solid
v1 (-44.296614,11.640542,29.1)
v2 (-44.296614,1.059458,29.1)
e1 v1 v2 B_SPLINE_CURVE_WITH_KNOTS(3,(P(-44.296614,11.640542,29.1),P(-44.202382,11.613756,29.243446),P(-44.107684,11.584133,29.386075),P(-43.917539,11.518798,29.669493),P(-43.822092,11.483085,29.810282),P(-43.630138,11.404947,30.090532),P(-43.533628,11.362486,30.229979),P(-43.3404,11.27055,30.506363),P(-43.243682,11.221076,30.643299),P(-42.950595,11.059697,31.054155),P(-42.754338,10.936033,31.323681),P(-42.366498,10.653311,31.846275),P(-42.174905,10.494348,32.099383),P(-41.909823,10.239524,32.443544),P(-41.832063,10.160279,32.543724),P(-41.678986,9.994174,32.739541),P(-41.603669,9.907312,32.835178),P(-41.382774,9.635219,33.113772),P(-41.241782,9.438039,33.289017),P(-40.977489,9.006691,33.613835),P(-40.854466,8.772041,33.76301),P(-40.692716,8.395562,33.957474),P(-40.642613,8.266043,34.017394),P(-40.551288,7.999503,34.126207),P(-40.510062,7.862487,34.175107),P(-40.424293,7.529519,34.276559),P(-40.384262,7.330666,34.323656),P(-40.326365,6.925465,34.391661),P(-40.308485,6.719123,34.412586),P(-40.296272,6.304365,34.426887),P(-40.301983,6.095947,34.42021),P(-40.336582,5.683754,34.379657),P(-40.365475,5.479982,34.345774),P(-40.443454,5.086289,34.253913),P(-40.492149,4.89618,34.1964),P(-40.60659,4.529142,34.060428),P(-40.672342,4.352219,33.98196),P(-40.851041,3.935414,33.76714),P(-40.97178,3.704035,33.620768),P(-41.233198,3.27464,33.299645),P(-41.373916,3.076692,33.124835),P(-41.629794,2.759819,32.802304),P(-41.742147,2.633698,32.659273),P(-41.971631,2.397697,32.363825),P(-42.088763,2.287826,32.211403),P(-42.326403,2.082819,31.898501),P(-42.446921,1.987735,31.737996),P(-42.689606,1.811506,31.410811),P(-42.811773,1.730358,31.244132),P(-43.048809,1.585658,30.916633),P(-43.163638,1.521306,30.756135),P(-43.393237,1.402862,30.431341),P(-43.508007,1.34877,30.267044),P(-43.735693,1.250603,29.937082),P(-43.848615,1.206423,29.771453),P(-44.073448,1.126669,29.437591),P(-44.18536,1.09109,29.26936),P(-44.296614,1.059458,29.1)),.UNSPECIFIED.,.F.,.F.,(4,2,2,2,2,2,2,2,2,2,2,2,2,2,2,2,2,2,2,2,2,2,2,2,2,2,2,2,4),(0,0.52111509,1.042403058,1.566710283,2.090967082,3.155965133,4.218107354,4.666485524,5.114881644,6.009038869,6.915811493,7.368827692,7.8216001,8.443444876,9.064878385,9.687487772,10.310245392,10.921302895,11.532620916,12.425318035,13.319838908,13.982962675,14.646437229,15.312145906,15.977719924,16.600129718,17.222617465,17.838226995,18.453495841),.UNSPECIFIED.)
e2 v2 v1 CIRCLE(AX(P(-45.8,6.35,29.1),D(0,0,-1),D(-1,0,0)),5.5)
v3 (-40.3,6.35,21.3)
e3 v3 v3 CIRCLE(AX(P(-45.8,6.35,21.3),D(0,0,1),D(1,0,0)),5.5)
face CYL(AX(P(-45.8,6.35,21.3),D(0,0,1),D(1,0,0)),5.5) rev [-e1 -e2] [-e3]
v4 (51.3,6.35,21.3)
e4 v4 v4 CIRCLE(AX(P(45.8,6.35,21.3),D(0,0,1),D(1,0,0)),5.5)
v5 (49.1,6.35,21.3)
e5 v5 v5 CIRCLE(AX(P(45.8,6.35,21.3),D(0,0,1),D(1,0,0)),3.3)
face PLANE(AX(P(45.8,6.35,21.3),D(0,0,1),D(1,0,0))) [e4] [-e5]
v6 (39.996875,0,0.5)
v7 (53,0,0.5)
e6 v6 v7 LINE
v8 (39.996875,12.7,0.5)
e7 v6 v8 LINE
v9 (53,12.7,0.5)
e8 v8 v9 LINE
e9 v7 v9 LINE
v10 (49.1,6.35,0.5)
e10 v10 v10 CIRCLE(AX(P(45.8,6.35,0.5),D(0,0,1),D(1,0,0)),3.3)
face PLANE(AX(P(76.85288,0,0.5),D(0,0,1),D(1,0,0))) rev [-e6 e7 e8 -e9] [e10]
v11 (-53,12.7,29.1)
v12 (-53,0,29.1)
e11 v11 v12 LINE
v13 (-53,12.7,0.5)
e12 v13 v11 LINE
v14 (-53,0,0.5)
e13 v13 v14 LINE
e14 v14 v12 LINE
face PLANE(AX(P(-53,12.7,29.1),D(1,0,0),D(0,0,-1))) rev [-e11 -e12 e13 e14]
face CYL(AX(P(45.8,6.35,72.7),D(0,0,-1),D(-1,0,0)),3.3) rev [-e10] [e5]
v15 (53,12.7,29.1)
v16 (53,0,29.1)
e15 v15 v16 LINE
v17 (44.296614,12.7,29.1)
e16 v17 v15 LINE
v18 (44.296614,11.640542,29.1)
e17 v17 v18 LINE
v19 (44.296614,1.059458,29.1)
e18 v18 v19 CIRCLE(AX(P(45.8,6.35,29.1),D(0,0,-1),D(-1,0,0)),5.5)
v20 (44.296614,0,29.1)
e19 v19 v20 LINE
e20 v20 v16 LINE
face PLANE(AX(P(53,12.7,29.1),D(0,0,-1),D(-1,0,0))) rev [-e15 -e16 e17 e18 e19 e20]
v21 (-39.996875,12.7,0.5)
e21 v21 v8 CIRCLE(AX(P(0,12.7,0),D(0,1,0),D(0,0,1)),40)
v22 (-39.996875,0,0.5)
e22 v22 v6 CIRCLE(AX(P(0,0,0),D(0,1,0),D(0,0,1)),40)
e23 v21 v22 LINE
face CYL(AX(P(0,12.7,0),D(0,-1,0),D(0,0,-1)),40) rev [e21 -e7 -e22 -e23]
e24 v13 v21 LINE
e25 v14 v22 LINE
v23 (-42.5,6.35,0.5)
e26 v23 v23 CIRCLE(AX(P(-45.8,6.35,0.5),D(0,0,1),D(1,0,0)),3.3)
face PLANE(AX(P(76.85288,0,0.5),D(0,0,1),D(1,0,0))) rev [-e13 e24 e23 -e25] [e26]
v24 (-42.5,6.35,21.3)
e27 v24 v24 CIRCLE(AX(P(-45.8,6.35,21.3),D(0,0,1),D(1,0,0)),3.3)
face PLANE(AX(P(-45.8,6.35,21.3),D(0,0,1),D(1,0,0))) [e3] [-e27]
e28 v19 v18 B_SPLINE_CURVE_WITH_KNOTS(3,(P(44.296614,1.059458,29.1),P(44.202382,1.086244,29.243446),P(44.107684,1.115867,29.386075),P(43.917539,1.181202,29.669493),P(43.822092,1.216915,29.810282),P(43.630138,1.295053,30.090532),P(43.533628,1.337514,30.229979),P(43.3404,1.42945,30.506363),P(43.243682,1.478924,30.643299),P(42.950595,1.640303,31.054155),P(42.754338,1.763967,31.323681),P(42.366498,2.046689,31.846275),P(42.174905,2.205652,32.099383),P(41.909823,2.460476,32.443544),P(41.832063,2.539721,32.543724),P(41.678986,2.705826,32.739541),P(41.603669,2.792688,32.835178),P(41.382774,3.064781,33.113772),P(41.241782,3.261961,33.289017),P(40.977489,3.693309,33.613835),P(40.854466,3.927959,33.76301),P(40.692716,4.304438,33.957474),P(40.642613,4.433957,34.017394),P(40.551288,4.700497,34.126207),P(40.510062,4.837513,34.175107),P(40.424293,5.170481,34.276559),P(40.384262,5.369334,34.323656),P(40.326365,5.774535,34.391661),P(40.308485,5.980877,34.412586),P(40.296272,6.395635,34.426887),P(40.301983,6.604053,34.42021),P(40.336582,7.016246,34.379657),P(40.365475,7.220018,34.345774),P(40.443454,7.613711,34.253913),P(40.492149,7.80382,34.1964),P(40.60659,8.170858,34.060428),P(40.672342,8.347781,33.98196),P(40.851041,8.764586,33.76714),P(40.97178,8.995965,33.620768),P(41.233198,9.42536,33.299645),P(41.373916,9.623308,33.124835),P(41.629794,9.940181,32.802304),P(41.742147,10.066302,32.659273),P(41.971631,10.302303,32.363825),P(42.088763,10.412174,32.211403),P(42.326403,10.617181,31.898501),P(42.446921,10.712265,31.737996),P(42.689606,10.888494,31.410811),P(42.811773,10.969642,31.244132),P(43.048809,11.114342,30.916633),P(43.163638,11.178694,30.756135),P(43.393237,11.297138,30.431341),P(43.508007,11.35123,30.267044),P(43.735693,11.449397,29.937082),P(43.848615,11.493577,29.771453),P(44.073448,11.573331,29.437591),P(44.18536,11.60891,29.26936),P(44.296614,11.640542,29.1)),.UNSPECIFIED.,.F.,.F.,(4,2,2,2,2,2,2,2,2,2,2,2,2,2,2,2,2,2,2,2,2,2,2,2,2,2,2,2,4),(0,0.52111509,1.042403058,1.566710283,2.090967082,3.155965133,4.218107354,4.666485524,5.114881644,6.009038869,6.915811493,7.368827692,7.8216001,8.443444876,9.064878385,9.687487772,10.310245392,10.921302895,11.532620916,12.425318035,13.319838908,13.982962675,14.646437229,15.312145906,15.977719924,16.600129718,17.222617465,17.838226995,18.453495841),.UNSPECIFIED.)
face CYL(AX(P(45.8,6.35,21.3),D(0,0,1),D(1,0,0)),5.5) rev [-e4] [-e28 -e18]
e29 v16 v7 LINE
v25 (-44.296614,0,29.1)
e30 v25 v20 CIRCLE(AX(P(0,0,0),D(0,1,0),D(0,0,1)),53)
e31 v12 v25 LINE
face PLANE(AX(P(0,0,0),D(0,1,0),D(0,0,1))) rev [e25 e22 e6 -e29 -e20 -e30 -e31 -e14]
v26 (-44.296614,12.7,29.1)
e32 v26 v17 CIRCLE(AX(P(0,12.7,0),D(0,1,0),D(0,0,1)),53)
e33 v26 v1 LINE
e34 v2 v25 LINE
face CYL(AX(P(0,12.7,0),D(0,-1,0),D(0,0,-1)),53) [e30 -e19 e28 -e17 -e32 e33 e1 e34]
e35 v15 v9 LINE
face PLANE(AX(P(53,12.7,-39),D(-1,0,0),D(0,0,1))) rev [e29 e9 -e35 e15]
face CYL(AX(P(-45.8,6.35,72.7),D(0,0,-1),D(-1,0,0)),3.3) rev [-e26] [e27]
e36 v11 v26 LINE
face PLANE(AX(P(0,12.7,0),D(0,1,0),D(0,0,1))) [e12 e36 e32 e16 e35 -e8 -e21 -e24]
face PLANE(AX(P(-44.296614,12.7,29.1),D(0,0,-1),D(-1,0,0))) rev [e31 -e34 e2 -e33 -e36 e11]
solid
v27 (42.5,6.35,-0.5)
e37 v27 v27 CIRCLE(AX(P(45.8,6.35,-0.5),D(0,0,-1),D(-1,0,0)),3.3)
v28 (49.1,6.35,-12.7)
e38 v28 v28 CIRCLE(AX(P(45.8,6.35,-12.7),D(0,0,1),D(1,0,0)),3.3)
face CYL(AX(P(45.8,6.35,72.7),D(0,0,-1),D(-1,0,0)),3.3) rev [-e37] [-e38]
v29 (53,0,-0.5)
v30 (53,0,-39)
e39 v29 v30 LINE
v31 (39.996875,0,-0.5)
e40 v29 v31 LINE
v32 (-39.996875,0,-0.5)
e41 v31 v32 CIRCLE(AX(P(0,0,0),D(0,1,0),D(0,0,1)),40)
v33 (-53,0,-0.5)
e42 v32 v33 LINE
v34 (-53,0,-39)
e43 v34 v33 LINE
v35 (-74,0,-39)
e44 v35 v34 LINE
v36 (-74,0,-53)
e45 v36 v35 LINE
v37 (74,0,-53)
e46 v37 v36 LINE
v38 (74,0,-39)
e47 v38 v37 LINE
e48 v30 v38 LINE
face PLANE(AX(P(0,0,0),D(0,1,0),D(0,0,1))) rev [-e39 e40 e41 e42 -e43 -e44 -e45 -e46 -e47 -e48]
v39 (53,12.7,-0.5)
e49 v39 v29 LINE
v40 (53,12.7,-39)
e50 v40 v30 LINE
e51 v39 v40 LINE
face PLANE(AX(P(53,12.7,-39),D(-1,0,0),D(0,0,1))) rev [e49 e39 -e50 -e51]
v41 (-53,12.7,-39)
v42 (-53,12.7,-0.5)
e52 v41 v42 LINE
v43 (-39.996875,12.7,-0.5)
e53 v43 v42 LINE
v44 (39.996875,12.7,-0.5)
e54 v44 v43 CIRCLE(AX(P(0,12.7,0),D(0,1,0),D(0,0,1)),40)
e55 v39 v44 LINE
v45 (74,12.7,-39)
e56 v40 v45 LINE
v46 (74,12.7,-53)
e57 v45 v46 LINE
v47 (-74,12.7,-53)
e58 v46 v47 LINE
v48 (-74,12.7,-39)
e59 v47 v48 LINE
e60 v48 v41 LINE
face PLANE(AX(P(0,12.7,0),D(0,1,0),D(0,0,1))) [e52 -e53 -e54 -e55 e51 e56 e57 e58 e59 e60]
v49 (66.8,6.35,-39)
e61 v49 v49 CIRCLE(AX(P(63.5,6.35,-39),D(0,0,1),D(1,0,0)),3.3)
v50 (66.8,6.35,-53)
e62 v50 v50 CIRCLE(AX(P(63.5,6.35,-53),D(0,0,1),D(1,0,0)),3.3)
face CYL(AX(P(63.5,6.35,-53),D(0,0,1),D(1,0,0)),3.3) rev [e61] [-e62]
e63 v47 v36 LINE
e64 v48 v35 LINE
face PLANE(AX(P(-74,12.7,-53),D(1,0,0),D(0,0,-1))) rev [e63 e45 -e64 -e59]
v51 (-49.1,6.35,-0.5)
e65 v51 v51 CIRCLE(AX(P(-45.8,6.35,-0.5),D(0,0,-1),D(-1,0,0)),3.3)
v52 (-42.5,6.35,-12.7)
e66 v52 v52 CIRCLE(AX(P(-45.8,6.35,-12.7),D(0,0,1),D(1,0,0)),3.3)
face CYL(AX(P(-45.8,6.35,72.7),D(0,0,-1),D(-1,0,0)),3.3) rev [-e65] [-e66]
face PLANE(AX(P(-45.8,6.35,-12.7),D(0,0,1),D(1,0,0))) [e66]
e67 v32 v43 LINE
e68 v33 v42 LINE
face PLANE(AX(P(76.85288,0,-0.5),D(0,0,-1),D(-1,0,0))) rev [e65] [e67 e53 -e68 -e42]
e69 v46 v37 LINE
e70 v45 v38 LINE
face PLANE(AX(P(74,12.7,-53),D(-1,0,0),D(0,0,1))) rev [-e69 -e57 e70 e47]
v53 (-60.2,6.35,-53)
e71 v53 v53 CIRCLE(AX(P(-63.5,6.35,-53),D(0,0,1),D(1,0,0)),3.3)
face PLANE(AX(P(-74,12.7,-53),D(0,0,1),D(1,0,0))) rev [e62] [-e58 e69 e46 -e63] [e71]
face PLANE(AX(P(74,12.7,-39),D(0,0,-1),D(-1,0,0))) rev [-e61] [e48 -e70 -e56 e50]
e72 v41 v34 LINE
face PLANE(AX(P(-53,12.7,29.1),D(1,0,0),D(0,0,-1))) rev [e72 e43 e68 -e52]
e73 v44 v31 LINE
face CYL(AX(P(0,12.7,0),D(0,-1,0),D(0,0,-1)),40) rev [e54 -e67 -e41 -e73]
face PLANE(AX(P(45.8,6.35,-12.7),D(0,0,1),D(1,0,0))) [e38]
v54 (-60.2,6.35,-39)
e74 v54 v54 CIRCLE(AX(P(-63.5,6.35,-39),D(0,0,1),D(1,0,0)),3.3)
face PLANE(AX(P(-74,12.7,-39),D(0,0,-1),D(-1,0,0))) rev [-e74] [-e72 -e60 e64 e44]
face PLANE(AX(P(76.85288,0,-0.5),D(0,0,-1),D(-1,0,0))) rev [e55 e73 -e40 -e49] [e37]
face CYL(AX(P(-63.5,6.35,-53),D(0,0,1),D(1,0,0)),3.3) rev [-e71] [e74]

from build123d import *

# Parameters (mm, degrees)
SKETCH1_R               = 40
BOSS_EXTRUDE1_DEPTH     = 12.7
SKETCH3_R               = 3.3
CUT_EXTRUDE2_DEPTH      = 15
SKETCH4_R               = 3.3
CUT_EXTRUDE3_DEPTH      = 72.7
CUT_EXTRUDE3_DEPTH_BACK = 12.7
SKETCH2_W               = 153.705760516
SKETCH2_H               = 1
CUT_EXTRUDE1_DEPTH      = 1.0000001
CUT_EXTRUDE1_DEPTH_BACK = 13.7000001
CUT_EXTRUDE4_START      = 40
SKETCH5_R               = 5.5
CUT_EXTRUDE4_DEPTH      = 18.7


with BuildPart() as part:
    # Sketch1 → Boss-Extrude1 (new body)
    with BuildSketch(Plane(origin=(0, 0, 0), x_dir=(1, 0, 0), z_dir=(0, 1, 0))):
        with BuildLine():
            Line((-74, 53), (74, 53))
            Line((74, 53), (74, 39))
            Line((74, 39), (53, 39))
            Line((53, 39), (53, 0))
            Line((53, 0), (53, -29.1))
            Line((53, -29.1), (44.296613866, -29.1))
            ThreePointArc((44.296613866, -29.1), (0, -53), (-44.296613866, -29.1))
            Line((-44.296613866, -29.1), (-53, -29.1))
            Line((-53, -29.1), (-53, 0))
            Line((-53, 0), (-53, 39))
            Line((-53, 39), (-74, 39))
            Line((-74, 39), (-74, 53))
        make_face()
        Circle(SKETCH1_R, mode=Mode.SUBTRACT)
    extrude(amount=BOSS_EXTRUDE1_DEPTH)

    # Sketch3 → Cut-Extrude2 (cut, through all)
    with BuildSketch(Plane.XY.offset(-39)):
        with Locations((-63.5, 6.35)):
            Circle(SKETCH3_R)
        with Locations((63.5, 6.35)):
            Circle(SKETCH3_R)
    extrude(amount=-CUT_EXTRUDE2_DEPTH, mode=Mode.SUBTRACT)

    # Sketch4 → Cut-Extrude3 (cut, two sides)
    with BuildSketch(Plane.XY) as cut_extrude3_sk:
        with Locations((45.8, 6.35)):
            Circle(SKETCH4_R)
        with Locations((-45.8, 6.35)):
            Circle(SKETCH4_R)
    extrude(amount=CUT_EXTRUDE3_DEPTH, mode=Mode.SUBTRACT)
    extrude(cut_extrude3_sk.sketch, amount=-CUT_EXTRUDE3_DEPTH_BACK, mode=Mode.SUBTRACT)

    # Sketch2 → Cut-Extrude1 (cut, two sides)
    with BuildSketch(Plane(origin=(0, 12.7, 0), x_dir=(1, 0, 0), z_dir=(0, 1, 0))) as cut_extrude1_sk:
        Rectangle(SKETCH2_W, SKETCH2_H)
    extrude(amount=CUT_EXTRUDE1_DEPTH, mode=Mode.SUBTRACT)
    extrude(cut_extrude1_sk.sketch, amount=-CUT_EXTRUDE1_DEPTH_BACK, mode=Mode.SUBTRACT)

    # Sketch5 → Cut-Extrude4 (cut)
    with BuildSketch(Plane.XY.offset(CUT_EXTRUDE4_START)):
        with Locations((45.8, 6.35)):
            Circle(SKETCH5_R)
        with Locations((-45.8, 6.35)):
            Circle(SKETCH5_R)
    extrude(amount=-CUT_EXTRUDE4_DEPTH, mode=Mode.SUBTRACT)


solid = part.part
